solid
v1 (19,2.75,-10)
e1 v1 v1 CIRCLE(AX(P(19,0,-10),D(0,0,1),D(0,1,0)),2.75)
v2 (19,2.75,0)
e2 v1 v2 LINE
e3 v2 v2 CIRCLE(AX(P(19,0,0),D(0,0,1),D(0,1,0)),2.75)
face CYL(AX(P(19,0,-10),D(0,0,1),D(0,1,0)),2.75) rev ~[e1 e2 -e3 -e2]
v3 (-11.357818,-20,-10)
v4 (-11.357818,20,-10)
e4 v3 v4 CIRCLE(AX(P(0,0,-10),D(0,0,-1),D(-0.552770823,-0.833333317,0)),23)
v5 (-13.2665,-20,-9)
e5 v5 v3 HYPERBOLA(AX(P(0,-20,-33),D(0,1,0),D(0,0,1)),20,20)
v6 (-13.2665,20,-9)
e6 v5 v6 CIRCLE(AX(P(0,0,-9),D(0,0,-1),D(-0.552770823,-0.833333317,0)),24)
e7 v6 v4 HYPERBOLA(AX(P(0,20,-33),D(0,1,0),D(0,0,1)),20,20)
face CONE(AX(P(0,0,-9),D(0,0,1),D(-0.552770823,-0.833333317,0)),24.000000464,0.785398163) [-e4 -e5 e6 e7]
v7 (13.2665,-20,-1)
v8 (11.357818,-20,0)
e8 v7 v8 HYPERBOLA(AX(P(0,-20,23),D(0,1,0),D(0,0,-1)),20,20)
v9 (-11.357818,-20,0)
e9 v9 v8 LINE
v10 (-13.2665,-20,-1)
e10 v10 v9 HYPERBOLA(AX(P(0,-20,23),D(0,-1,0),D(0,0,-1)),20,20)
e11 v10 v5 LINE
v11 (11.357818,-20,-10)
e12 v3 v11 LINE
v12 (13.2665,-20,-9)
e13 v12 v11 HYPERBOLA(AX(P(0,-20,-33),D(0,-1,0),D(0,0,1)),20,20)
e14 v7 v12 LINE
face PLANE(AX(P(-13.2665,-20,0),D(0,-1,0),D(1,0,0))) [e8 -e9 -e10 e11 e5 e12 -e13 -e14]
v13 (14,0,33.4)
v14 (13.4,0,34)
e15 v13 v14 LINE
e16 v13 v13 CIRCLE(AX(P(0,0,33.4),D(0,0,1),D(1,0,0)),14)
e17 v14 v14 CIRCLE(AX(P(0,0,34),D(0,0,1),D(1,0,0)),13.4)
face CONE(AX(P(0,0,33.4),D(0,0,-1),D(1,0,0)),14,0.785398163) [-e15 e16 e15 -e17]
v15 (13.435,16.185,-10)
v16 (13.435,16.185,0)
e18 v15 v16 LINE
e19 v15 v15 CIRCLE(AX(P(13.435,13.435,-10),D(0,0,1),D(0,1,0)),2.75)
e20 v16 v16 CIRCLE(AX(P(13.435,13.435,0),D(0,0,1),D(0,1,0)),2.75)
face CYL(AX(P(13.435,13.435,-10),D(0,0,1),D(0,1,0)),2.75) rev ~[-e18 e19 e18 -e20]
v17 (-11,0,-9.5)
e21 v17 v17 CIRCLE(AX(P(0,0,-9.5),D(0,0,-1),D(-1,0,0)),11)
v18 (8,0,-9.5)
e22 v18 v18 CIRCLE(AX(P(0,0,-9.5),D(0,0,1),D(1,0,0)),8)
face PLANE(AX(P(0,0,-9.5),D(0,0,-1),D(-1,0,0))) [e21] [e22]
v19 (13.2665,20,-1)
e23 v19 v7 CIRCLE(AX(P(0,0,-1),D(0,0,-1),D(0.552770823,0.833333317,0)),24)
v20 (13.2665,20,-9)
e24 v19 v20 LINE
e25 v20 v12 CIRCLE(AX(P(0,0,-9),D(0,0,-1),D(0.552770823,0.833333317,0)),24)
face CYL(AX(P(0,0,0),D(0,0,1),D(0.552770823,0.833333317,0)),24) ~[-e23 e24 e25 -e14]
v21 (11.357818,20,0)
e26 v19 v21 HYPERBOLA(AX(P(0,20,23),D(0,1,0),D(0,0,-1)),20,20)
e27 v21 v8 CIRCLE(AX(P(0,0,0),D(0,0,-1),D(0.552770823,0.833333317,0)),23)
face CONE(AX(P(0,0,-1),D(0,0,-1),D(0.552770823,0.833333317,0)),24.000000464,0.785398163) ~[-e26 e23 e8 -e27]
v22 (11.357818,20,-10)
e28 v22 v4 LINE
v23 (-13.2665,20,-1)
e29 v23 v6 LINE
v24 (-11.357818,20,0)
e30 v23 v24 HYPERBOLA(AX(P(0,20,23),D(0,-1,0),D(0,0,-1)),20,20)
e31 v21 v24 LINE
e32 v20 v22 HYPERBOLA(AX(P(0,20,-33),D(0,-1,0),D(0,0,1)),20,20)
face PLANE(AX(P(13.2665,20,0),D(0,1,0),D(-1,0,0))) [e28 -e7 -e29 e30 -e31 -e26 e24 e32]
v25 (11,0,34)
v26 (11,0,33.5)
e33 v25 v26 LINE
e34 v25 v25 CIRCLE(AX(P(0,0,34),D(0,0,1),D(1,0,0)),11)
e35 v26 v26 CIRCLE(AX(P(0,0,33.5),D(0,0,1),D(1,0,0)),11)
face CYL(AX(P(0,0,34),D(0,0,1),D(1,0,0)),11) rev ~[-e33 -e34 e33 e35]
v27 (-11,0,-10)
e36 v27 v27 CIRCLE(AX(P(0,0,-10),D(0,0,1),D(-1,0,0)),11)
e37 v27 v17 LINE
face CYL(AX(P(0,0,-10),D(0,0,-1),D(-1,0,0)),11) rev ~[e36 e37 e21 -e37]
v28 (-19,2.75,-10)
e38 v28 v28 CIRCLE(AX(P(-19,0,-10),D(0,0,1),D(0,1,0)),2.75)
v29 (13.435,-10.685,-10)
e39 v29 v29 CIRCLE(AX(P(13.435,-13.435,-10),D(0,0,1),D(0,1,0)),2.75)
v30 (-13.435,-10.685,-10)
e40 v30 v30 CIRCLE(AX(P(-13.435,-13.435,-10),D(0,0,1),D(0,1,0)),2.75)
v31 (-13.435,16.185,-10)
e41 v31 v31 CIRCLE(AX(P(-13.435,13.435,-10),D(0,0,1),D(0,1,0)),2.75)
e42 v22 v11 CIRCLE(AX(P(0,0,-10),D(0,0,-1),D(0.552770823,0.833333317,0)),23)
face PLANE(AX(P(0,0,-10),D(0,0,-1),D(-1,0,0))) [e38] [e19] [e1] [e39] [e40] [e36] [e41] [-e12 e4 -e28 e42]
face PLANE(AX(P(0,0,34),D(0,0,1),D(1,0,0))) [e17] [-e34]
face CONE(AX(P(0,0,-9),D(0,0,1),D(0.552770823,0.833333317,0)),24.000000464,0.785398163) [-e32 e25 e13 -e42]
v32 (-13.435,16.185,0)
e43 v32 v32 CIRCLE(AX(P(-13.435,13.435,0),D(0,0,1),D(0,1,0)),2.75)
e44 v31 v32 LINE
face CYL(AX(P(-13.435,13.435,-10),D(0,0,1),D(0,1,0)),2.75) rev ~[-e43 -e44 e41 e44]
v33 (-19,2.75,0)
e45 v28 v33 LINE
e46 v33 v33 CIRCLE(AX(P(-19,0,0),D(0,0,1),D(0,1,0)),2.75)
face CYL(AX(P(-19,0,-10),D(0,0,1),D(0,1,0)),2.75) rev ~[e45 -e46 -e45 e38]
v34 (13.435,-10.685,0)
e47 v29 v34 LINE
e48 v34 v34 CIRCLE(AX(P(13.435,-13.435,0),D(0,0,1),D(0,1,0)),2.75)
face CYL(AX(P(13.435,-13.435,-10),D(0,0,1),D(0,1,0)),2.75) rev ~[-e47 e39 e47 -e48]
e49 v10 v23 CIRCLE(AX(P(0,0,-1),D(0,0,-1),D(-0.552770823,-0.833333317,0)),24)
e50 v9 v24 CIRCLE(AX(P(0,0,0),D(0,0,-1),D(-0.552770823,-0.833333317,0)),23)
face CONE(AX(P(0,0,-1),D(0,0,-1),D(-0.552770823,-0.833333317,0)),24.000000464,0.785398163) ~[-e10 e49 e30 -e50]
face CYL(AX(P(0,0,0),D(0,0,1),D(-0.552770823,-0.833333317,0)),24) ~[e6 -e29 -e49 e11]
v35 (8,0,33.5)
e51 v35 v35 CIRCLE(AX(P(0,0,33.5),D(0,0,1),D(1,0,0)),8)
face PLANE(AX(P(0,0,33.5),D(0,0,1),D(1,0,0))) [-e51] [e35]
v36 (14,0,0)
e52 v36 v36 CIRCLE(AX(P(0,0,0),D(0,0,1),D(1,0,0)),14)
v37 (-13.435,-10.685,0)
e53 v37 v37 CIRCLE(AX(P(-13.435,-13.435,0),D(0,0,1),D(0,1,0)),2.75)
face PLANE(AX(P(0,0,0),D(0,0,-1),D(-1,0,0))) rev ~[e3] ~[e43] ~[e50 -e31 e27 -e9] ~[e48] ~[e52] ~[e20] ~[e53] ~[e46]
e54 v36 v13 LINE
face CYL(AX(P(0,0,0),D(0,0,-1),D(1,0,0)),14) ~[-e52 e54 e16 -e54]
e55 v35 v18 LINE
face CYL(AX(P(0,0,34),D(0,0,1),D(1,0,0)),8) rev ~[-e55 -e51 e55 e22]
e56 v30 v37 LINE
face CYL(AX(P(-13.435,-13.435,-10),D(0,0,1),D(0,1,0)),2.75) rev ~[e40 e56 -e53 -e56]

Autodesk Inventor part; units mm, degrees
ref_plane "YZ Plane" through (0, 0, 0) normal (1, 0, 0) x (0, 1, 0)
ref_plane "XZ Plane" through (0, 0, 0) normal (0, 1, 0) x (-1, 0, 0)
ref_plane "XY Plane" through (0, 0, 0) normal (0, 0, 1) x (1, 0, 0)
sketch "Szkic1" plane through (0, 0, 0) normal (0, 0, 1) x (1, 0, 0)
  circle A0 centre (0, 0) radius 14
  dimension "d0" = 28
extrude "Wyciągnięcie proste1" add sketch "Szkic1" along normal blind 34
sketch "Szkic2" plane through (0, 0, 0) normal (0, 0, -1) x (-1, 0, 0)
  line L0 (13.2665, -20) -> (-13.2665, -20)
  line L1 (-13.2665, 20) -> (13.2665, 20)
  arc A0 (-13.2665, 20) -> (-13.2665, -20) centre (0, 0) ccw
  arc A1 (13.2665, -20) -> (13.2665, 20) centre (0, 0) ccw
  dimension "d18" = 20
  dimension "d19" = 20
  dimension "d20" = 24
extrude "Wyciągnięcie proste2" add sketch "Szkic2" along normal blind 10
sketch "Szkic3" plane through (0, 0, 34) normal (0, 0, 1) x (1, 0, 0)
  circle A0 centre (0, 0) radius 8
  circle A1 centre (0, 0) radius 11
  dimension "d9" = 16
  dimension "d10" = 3
extrude "Wyciągnięcie proste3" cut sketch "Szkic3" against normal up to surface (44 mm away) contours A0
extrude "Wyciągnięcie proste4" cut sketch "Szkic3" against normal blind 0.5
sketch "Szkic4" plane through (0, 0, -10) normal (0, 0, -1) x (-1, 0, 0)
  circle A0 centre (0, 0) radius 8 projected
  circle A1 centre (0, 0) radius 11
  circle A2 centre (0, 0) radius 19
  line L0 (-13.435, -13.435) -> (0, 0)
  line L1 (0, 0) -> (13.435, 13.435)
  line L2 (0, 0) -> (13.435, -13.435)
  line L3 (0, 0) -> (-13.435, 13.435)
  line L4 (-27.1999, 0) -> (26.3201, 0)
  arc A3 (-13.2665, 20) -> (-13.2665, -20) centre (0, 0) ccw projected
  line L5 (-13.2665, -20) -> (13.2665, -20) projected
  arc A4 (13.2665, -20) -> (13.2665, 20) centre (0, 0) ccw projected
  line L6 (13.2665, 20) -> (-13.2665, 20) projected
  point P0 (-19, 0)
  point P1 (19, 0)
  dimension "d15" = 3
  dimension "d23" = 19
  dimension "d28" = 38
  dimension "d29" = 45
  dimension "d30" = 45
  dimension "d31" = 45
  dimension "d32" = 45
extrude "Wyciągnięcie proste5" cut sketch "Szkic4" against normal blind 0.5 contours L4 A1 L2 A0 | A0 L1 A1 L4 | A0 L3 A1 L1 | L2 A1 L0 A0 | A0 L4 A1 L3 | L0 A1 L4 A0
hole "Otwór1" at (13.435, -13.435, -10) at (19, 0, -10) at (13.435, 13.435, -10) at (-13.435, 13.435, -10) at (-19, 0, -10) at (-13.435, -13.435, -10) direction (0, 0, 1) diameter 5.5 end through all
chamfer "Faza1" distance 1 angle 45 4 edges at (-24, 0, 0) (-24, 0, -10) (24, 0, 0) (24, 0, -10)
chamfer "Faza2" distance 0.6 angle 45 1 edges at (-14, 0, 34)
properties part number "COTS_GENERIC_SFU1605_Ball_Screw_Nut"
